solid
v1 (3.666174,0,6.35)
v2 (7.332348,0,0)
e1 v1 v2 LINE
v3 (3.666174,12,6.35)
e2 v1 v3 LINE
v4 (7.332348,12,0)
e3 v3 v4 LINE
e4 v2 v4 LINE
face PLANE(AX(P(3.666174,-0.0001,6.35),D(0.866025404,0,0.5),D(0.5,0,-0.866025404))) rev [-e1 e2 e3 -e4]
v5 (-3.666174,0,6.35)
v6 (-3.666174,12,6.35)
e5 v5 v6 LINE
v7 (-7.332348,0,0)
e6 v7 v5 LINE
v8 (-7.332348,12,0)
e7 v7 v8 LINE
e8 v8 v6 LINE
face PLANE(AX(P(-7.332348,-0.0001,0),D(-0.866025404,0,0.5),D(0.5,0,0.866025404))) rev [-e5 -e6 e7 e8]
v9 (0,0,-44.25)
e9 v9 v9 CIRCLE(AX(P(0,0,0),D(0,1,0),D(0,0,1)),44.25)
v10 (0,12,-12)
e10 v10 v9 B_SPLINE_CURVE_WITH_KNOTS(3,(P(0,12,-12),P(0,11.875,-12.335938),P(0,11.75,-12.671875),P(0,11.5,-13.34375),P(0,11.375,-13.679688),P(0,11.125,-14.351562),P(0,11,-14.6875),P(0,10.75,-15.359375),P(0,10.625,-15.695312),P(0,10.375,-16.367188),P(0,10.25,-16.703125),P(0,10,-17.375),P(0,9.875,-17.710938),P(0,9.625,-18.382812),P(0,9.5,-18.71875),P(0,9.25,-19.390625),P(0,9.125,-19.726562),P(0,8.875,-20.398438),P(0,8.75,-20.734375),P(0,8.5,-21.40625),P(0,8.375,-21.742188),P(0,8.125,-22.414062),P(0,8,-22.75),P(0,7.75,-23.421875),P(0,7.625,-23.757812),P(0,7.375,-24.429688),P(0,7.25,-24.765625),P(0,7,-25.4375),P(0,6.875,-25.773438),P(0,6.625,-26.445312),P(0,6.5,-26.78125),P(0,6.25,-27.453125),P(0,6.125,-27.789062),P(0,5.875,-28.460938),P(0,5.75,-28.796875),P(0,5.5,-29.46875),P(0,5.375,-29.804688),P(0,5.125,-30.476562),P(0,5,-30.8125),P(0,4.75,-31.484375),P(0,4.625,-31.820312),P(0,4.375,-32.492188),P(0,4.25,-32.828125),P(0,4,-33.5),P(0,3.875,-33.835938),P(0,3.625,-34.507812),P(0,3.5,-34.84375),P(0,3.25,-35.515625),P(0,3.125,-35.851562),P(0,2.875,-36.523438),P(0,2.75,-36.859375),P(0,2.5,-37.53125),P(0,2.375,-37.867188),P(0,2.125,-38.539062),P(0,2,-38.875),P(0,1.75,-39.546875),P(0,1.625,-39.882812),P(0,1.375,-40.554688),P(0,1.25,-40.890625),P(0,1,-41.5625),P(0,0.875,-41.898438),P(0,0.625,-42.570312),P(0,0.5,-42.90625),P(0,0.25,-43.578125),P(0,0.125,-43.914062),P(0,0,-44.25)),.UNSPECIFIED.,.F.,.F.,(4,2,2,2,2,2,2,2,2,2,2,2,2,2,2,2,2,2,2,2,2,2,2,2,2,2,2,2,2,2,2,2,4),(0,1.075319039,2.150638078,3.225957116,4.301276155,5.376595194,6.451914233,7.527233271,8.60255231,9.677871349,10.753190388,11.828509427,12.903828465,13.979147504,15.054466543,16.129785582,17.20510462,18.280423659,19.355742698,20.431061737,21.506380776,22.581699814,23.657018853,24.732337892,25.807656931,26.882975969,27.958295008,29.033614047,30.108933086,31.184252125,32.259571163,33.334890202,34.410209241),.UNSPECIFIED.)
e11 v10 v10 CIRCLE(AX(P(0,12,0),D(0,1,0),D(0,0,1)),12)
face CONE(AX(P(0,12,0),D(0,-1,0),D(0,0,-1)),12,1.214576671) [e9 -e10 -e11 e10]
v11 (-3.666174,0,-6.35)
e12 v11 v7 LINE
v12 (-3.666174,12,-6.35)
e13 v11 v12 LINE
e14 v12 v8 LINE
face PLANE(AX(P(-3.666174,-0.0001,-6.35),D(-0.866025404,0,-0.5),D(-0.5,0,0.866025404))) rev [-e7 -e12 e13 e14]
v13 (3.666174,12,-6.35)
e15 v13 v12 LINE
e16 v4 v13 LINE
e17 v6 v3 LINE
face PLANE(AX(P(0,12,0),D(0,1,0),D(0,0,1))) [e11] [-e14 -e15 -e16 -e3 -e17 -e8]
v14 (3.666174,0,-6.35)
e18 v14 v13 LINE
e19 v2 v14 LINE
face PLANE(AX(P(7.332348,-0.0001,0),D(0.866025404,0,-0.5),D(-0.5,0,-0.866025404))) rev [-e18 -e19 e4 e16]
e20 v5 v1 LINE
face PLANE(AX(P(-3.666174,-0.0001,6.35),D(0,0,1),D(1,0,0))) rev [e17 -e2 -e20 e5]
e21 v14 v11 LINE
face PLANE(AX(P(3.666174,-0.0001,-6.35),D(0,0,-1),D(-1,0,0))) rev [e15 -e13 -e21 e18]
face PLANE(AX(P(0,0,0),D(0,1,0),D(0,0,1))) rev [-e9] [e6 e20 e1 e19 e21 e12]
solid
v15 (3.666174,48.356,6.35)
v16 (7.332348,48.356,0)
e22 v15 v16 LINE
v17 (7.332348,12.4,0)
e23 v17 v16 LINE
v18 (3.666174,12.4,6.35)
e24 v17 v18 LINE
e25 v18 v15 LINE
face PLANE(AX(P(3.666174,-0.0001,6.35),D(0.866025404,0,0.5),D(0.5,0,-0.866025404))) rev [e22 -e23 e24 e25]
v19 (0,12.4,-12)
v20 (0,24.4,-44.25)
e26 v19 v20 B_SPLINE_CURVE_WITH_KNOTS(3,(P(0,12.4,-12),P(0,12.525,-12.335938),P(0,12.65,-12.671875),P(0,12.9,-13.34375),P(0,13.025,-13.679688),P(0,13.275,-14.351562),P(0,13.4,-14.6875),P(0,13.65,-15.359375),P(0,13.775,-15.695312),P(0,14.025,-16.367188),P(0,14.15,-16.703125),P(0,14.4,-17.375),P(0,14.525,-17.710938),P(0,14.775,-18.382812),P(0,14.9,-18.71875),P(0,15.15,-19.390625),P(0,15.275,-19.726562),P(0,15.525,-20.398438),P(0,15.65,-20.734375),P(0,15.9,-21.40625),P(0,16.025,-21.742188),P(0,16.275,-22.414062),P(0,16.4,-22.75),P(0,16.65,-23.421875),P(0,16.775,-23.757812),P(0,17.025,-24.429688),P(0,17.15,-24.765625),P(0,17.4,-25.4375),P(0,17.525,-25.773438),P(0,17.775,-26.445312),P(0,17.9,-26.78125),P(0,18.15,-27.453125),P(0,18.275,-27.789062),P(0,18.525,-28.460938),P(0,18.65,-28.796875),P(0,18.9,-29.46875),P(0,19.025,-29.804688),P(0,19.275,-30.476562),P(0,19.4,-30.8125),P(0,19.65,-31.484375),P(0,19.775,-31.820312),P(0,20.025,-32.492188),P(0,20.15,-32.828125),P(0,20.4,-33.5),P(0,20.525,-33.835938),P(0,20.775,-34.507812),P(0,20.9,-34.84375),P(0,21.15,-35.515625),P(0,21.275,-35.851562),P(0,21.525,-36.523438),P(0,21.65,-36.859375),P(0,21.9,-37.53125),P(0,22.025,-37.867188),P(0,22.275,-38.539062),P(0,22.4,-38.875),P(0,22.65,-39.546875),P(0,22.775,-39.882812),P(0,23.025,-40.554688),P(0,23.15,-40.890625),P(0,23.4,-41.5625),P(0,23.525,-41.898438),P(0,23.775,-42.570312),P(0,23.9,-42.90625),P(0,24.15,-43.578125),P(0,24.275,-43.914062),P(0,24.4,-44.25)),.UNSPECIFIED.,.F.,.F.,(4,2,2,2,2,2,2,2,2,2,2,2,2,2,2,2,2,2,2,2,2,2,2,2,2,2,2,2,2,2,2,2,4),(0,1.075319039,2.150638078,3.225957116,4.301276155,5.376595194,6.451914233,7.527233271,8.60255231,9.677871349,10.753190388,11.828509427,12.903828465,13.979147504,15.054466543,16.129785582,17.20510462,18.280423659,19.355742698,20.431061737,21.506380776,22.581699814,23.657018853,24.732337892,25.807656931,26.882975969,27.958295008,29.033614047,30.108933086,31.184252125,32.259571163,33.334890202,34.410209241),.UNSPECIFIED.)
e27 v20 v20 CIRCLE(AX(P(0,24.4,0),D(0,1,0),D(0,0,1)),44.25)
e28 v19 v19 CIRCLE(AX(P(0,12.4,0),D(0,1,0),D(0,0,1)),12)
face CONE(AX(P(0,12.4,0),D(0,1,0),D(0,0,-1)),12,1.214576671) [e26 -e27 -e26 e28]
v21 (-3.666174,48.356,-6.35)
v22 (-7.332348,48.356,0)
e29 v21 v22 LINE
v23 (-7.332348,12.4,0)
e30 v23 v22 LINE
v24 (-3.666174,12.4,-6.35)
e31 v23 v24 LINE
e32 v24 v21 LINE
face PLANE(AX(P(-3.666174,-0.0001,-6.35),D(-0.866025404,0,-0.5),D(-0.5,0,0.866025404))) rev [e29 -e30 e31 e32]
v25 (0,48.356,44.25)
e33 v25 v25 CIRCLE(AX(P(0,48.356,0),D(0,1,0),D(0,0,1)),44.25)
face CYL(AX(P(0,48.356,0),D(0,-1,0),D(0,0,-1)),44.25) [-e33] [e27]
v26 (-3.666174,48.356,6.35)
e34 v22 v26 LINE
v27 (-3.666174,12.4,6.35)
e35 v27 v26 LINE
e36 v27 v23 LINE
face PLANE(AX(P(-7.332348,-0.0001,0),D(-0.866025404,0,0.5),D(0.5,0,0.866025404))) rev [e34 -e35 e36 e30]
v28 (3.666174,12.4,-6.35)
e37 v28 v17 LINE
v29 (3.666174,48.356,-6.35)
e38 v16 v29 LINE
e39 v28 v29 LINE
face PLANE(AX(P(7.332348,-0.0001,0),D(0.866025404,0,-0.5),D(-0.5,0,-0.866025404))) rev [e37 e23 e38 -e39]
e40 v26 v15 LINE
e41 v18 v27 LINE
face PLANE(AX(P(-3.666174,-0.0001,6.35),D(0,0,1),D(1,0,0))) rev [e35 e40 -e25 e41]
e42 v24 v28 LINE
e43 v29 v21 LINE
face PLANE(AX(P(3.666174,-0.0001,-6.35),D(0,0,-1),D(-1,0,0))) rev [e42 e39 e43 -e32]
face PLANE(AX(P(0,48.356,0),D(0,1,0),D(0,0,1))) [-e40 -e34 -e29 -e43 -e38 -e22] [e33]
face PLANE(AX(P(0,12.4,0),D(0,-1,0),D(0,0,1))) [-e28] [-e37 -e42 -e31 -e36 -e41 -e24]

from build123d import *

# Parameters (mm, degrees)
SKETCH2_R           = 12
SKETCH1_R           = 44.25
SKETCH6_R           = 44.25
BOSS_EXTRUDE1_DEPTH = 23.956000094
CUT_EXTRUDE1_DEPTH  = 80.08494037


with BuildPart() as part:
    # Sketch2 → Loft1 section 0
    with BuildSketch(Plane(origin=(0, 12, 0), x_dir=(1, 0, 0), z_dir=(0, 1, 0))):
        Circle(SKETCH2_R)
    # Sketch1 → Loft1 section 1
    with BuildSketch(Plane(origin=(0, 0, 0), x_dir=(1, 0, 0), z_dir=(0, 1, 0))):
        Circle(SKETCH1_R)
    loft()


with BuildPart() as body_2:
    # Mirror2: mirrored copy
    add(part.part.mirror(Plane.ZX.offset(12.200000108)))

    # Sketch6 → Boss-Extrude1 (add)
    with BuildSketch(Plane(origin=(0, 24.400000216, 0), x_dir=(1, 0, 0), z_dir=(0, 1, 0))):
        with Locations(Location((0, 0, 0), (0, 0, 90))):
            Circle(SKETCH6_R)
    extrude(amount=BOSS_EXTRUDE1_DEPTH)


with BuildPart() as cut_extrude1_tool:
    # Sketch7 → Cut-Extrude1 (new, through all)
    with BuildSketch(Plane(origin=(0, 48.35600031, 0), x_dir=(1, 0, 0), z_dir=(0, 1, 0))):
        Polygon((7.332348419, 0), (3.666174209, 6.35), (-3.666174209, 6.35), (-7.332348419, 0), (-3.666174209, -6.35), (3.666174209, -6.35), align=None)
    extrude(amount=-CUT_EXTRUDE1_DEPTH)


with BuildPart() as part_1:
    add(part.part)

    # Cut-Extrude1: cut by cut_extrude1_tool
    add(cut_extrude1_tool.part, mode=Mode.SUBTRACT)


with BuildPart() as body_2_1:
    add(body_2.part)

    # Cut-Extrude1: cut by cut_extrude1_tool
    add(cut_extrude1_tool.part, mode=Mode.SUBTRACT)


solid = Compound([part_1.part, body_2_1.part])
